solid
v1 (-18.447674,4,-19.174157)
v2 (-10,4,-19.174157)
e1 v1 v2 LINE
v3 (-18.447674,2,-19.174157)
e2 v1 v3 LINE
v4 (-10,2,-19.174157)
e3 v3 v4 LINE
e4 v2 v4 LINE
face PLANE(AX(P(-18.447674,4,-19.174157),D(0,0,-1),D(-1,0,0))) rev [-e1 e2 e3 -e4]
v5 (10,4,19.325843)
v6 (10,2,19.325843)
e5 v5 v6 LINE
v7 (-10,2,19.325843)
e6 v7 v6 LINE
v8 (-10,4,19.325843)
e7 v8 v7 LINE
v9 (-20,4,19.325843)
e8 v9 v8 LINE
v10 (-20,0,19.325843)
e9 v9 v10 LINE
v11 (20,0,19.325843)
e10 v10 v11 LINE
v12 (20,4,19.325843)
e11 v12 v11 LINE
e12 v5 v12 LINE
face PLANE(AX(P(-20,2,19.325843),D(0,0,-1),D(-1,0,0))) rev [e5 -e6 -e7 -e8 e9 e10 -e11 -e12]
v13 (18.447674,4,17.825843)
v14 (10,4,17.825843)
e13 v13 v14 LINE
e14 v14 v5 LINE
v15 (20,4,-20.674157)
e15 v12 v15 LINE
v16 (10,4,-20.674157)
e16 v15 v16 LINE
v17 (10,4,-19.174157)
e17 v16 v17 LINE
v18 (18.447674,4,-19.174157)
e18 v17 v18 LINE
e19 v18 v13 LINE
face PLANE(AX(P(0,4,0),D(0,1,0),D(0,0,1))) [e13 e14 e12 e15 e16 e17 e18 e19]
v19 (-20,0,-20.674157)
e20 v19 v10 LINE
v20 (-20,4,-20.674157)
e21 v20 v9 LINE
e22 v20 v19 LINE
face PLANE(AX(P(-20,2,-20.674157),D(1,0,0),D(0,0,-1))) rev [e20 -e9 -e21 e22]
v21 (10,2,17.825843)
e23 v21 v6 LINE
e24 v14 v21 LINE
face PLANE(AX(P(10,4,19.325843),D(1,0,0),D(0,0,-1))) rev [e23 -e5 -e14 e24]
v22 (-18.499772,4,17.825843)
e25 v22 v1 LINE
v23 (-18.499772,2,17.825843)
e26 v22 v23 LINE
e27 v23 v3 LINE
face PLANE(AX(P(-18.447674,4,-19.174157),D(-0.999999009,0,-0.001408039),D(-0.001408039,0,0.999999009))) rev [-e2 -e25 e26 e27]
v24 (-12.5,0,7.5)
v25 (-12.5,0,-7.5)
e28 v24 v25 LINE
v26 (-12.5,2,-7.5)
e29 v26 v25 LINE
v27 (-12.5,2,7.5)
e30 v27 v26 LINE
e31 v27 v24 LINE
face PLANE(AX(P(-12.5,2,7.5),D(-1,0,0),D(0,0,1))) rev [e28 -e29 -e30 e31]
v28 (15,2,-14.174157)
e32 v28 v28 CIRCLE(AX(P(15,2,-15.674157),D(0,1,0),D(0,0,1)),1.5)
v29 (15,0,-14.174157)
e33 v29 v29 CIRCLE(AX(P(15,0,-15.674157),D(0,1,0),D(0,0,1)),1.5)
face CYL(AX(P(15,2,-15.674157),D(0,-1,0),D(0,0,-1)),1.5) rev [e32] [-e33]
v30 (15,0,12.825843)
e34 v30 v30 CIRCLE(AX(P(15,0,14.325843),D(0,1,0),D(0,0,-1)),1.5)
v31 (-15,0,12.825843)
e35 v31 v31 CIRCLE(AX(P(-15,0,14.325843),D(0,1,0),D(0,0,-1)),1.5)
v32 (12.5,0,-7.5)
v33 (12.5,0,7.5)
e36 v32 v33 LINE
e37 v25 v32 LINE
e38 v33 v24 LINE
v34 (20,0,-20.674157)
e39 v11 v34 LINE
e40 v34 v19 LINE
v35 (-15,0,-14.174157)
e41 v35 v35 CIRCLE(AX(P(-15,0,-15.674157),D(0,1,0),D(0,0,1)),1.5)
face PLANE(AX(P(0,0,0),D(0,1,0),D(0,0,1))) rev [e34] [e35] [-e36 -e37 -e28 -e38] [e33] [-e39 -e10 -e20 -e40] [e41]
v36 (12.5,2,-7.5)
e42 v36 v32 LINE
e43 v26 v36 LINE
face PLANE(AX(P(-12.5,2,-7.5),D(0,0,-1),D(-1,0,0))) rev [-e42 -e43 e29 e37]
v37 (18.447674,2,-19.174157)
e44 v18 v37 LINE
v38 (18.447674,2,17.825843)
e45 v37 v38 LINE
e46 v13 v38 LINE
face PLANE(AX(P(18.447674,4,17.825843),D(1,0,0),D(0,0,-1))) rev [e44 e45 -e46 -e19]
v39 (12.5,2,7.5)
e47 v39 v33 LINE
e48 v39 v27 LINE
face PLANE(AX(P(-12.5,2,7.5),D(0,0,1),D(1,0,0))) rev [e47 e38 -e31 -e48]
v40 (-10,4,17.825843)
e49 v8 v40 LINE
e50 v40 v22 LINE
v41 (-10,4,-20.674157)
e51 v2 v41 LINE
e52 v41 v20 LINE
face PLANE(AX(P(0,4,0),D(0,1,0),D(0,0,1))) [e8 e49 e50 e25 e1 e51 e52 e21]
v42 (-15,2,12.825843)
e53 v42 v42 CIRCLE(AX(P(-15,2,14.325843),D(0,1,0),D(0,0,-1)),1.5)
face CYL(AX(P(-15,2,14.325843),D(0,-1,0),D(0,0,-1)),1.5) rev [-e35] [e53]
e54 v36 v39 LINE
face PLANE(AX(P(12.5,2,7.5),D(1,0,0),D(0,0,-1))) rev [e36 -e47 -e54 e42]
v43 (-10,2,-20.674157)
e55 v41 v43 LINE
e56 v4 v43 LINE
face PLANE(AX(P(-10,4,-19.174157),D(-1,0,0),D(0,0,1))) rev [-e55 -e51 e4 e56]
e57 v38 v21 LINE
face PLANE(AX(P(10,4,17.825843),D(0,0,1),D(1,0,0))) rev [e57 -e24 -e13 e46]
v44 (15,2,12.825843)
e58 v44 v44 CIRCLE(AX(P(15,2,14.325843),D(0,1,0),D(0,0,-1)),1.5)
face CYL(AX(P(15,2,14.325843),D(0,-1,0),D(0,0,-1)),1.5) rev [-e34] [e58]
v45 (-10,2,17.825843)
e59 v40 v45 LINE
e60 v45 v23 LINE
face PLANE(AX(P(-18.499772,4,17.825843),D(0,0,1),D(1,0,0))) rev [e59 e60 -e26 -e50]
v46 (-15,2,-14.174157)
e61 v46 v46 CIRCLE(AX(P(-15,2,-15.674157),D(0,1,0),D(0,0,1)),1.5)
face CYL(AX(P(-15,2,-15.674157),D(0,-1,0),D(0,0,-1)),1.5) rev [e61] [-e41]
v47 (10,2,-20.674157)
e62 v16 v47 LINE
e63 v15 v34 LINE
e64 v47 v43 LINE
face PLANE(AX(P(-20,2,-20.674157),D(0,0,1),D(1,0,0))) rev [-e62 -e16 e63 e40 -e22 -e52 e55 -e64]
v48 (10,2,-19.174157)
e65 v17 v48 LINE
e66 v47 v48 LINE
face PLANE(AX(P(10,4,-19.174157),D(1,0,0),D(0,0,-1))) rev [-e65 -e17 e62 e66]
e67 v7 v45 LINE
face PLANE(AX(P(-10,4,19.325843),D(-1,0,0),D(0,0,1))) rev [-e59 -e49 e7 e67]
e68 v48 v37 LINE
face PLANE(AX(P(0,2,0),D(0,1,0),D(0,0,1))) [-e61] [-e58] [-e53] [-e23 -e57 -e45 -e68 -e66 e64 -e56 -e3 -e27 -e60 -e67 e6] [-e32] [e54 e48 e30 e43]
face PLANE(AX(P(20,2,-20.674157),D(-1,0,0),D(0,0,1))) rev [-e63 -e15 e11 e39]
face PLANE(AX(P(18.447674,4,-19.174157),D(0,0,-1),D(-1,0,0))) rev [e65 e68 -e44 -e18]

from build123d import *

# Parameters (mm, degrees)
SKETCH1_W           = 40
SKETCH1_H           = 40
SKETCH1_R           = 1.5
BOSS_EXTRUDE1_DEPTH = 2
BOSS_EXTRUDE2_DEPTH = 2
SKETCH3_W           = 25
SKETCH3_H           = 15
CUT_EXTRUDE1_DEPTH  = 2


with BuildPart() as part:
    # Sketch1 → Boss-Extrude1 (new body)
    with BuildSketch(Plane(origin=(0, 0, 0), x_dir=(1, 0, 0), z_dir=(0, 1, 0))):
        with Locations((0, 0.674157303)):
            Rectangle(SKETCH1_W, SKETCH1_H)
        with Locations(Location((-15, 15.674157303, 0), (0, 0, 270))):
            Circle(SKETCH1_R, mode=Mode.SUBTRACT)
        with Locations(Location((15, 15.674157303, 0), (0, 0, 270))):
            Circle(SKETCH1_R, mode=Mode.SUBTRACT)
        with Locations(Location((15, -14.325842697, 0), (0, 0, 90))):
            Circle(SKETCH1_R, mode=Mode.SUBTRACT)
        with Locations(Location((-15, -14.325842697, 0), (0, 0, 90))):
            Circle(SKETCH1_R, mode=Mode.SUBTRACT)
    extrude(amount=BOSS_EXTRUDE1_DEPTH)

    # Sketch2 → Boss-Extrude2 (add)
    with BuildSketch(Plane(origin=(0, 2, 0), x_dir=(1, 0, 0), z_dir=(0, 1, 0))):
        Polygon((-10, 19.174157303), (-10, 20.674157303), (-20, 20.674157303), (-20, -19.325842697), (-10, -19.325842697), (-10, -17.825842697), (-18.447674419, -17.825842697), (-18.499771919, -17.825842697), (-18.447674419, 19.174157303), align=None)
        Polygon((10, -19.325842697), (10, -17.825842697), (18.447674419, -17.825842697), (18.447674419, 19.174157303), (10, 19.174157303), (10, 20.674157303), (20, 20.674157303), (20, -19.325842697), align=None)
    extrude(amount=BOSS_EXTRUDE2_DEPTH)

    # Sketch3 → Cut-Extrude1 (cut)
    with BuildSketch(Plane.XZ):
        Rectangle(SKETCH3_W, SKETCH3_H)
    extrude(amount=-CUT_EXTRUDE1_DEPTH, mode=Mode.SUBTRACT)


solid = part.part
